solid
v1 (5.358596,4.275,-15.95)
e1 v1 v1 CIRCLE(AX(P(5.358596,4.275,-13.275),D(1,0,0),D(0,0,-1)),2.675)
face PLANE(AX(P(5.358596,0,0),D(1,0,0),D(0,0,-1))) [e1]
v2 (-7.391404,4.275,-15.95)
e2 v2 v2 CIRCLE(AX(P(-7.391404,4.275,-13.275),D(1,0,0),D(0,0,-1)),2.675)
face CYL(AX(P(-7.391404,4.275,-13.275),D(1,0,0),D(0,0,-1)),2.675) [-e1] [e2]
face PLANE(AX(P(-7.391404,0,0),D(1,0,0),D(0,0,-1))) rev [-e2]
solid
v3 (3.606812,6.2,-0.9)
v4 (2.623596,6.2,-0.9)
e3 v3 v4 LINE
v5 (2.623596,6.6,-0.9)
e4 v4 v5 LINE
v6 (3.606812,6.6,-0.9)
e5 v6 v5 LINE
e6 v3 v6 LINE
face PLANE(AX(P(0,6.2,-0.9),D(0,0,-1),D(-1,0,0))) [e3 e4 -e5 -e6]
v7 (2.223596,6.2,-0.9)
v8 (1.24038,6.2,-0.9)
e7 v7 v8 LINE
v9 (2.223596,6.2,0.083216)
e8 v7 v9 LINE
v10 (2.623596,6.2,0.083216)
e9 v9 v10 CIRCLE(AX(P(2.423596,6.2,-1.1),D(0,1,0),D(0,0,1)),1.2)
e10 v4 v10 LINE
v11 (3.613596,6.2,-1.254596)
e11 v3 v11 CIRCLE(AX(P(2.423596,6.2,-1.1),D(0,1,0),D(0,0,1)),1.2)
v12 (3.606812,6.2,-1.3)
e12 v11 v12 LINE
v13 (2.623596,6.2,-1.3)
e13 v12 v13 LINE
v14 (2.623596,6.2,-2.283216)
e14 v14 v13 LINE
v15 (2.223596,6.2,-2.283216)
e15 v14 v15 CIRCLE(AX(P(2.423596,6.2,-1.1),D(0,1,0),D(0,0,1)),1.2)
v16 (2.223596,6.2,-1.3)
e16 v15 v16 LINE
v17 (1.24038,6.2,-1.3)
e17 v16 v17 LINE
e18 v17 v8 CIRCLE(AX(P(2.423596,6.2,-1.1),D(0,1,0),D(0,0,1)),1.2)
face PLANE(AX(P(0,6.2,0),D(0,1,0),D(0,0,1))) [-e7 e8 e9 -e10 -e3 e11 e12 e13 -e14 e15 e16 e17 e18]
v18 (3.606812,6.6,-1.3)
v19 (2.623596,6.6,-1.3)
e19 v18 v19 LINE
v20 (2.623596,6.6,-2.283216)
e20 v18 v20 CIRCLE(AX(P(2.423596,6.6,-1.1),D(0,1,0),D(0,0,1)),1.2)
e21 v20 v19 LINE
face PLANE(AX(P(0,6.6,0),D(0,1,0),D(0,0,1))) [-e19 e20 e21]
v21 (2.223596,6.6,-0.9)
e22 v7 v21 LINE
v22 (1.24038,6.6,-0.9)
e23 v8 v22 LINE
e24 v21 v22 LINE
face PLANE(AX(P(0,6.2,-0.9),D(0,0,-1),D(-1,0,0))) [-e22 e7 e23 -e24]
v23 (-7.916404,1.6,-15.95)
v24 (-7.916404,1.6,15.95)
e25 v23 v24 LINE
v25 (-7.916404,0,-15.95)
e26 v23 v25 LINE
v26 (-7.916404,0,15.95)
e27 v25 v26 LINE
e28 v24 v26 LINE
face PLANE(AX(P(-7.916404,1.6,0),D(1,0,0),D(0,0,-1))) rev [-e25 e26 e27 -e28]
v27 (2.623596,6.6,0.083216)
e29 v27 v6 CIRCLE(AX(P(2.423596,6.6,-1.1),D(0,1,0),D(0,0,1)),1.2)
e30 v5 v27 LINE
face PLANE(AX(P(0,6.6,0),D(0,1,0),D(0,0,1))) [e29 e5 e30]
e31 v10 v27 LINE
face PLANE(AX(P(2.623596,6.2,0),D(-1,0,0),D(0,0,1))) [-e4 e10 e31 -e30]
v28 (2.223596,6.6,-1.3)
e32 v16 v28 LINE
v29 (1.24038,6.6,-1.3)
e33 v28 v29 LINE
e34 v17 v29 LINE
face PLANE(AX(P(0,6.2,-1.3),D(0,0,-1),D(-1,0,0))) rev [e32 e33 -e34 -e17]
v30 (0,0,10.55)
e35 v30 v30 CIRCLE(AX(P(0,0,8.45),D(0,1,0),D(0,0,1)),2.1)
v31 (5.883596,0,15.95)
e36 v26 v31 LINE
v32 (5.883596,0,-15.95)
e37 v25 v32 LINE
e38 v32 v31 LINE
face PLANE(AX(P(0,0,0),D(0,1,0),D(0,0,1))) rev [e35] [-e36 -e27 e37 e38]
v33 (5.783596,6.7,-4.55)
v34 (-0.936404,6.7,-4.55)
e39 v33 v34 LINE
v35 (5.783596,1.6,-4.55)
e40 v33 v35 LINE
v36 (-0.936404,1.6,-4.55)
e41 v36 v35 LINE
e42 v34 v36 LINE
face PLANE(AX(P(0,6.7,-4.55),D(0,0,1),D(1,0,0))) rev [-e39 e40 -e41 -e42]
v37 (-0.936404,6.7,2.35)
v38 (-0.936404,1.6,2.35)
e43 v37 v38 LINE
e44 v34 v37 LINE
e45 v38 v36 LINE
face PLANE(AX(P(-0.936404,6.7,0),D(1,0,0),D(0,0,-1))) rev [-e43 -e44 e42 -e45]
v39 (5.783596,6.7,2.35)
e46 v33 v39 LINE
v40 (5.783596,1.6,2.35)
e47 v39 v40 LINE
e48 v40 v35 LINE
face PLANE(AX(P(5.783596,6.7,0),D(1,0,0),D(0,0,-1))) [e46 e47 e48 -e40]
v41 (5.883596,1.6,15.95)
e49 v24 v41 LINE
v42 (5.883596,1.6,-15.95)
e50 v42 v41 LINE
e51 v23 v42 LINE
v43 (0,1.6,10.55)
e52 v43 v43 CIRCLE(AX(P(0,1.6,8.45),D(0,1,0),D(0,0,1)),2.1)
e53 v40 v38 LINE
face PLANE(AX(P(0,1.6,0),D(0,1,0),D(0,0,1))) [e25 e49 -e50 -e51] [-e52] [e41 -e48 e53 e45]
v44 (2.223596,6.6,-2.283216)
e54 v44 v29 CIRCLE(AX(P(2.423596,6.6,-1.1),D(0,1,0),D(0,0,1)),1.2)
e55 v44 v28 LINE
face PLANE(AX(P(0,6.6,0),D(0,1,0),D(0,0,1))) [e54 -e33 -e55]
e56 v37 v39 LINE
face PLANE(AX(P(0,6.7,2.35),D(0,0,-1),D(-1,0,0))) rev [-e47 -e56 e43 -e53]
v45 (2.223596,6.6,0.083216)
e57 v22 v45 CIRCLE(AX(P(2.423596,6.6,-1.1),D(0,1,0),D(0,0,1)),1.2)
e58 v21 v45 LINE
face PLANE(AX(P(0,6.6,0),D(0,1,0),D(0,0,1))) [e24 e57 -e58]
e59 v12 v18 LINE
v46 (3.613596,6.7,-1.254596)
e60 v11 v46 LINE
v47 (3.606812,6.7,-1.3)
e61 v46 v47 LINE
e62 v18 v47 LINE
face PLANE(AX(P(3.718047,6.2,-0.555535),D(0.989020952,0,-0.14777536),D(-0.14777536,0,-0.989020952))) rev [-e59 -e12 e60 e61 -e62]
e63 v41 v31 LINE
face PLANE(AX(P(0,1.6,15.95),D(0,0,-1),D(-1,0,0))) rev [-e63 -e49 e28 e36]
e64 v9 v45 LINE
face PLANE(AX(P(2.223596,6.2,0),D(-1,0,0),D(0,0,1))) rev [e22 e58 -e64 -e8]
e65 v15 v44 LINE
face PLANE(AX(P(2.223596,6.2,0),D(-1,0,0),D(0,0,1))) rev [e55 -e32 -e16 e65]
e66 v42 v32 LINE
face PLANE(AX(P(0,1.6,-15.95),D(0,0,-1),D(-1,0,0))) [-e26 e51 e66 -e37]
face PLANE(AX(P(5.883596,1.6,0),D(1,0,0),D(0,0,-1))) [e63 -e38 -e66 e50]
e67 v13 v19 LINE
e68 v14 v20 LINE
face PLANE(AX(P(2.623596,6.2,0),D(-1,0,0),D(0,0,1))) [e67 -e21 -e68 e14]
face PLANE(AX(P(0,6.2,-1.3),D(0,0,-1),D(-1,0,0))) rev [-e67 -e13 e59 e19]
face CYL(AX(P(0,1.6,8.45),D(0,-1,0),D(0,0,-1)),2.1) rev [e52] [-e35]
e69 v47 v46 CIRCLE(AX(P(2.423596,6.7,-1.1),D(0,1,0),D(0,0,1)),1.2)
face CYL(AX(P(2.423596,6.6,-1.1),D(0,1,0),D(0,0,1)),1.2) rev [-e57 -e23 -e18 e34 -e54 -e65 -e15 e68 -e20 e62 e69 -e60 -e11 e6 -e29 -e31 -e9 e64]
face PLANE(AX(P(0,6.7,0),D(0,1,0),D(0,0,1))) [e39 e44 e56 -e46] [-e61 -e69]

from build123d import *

# Parameters (mm, degrees)
SKETCH1_W                = 13.8
SKETCH1_H                = 31.9
BOSS_EXTRUDE1_DEPTH      = 1.6
SKETCH1_3_R              = 2.1
CUT_EXTRUDE2_DEPTH       = 18.878253538
BOSS_EXTRUDE2_DEPTH      = 6.7
BOSS_EXTRUDE3_DEPTH      = 6.375
BOSS_EXTRUDE3_DEPTH_BACK = 6.375
CUT_EXTRUDE7_DEPTH       = 0.1
CUT_EXTRUDE8_DEPTH       = 0.5


with BuildPart() as part:
    # Sketch1 → Boss-Extrude1 (new body)
    with BuildSketch(Plane(origin=(0, 0, 0), x_dir=(1, 0, 0), z_dir=(0, 1, 0))):
        with Locations((-1.016403829, 0)):
            Rectangle(SKETCH1_W, SKETCH1_H)
    extrude(amount=BOSS_EXTRUDE1_DEPTH)

    # Sketch1<3> → Cut-Extrude2 (cut, through all)
    with BuildSketch(Plane(origin=(0, 0, 0), x_dir=(1, 0, 0), z_dir=(0, 1, 0))):
        with Locations((0, -8.45)):
            Circle(SKETCH1_3_R)
    extrude(amount=CUT_EXTRUDE2_DEPTH, mode=Mode.SUBTRACT)

    # Sketch1<4> → Boss-Extrude2 (add)
    with BuildSketch(Plane(origin=(0, 0, 0), x_dir=(1, 0, 0), z_dir=(0, 1, 0))):
        Polygon((-0.936403829, 4.55), (-0.936403829, -2.35), (-0.836403829, -2.35), (5.783596171, -2.35), (5.783596171, 4.55), (-0.836403829, 4.55), align=None)
    extrude(amount=BOSS_EXTRUDE2_DEPTH)

    # Sketch5 → Cut-Extrude7 (cut)
    with BuildSketch(Plane(origin=(0, 6.7, 0), x_dir=(1, 0, 0), z_dir=(0, 1, 0))):
        with BuildLine():
            Line((1.240380214, 1.3), (2.223596171, 1.3))
            Line((2.223596171, 1.3), (2.223596171, 2.283215957))
            ThreePointArc((2.223596171, 2.283215957), (1.575068034, 1.948528137), (1.240380214, 1.3))
        make_face()
        with BuildLine():
            Line((2.223596171, 0.9), (1.240380214, 0.9))
            ThreePointArc((1.240380214, 0.9), (1.575068034, 0.251471863), (2.223596171, -0.083215957))
            Line((2.223596171, -0.083215957), (2.223596171, 0.9))
        make_face()
        with BuildLine():
            ThreePointArc((3.606812128, 1.3), (3.272124308, 1.948528137), (2.623596171, 2.283215957))
            Line((2.623596171, 2.283215957), (2.623596171, 1.3))
            Line((2.623596171, 1.3), (3.606812128, 1.3))
        make_face()
        with BuildLine():
            Line((2.623596171, 0.9), (2.623596171, -0.083215957))
            ThreePointArc((2.623596171, -0.083215957), (3.272124308, 0.251471863), (3.606812128, 0.9))
            Line((3.606812128, 0.9), (2.623596171, 0.9))
        make_face()
    extrude(amount=-CUT_EXTRUDE7_DEPTH, mode=Mode.SUBTRACT)

    # Sketch5<3> → Cut-Extrude8 (cut)
    with BuildSketch(Plane(origin=(0, 6.7, 0), x_dir=(1, 0, 0), z_dir=(0, 1, 0))):
        with BuildLine():
            Line((2.223596171, 2.283215957), (2.223596171, 1.3))
            Line((2.223596171, 1.3), (1.240380214, 1.3))
            ThreePointArc((1.240380214, 1.3), (1.223596171, 1.1), (1.240380214, 0.9))
            Line((1.240380214, 0.9), (2.223596171, 0.9))
            Line((2.223596171, 0.9), (2.223596171, -0.083215957))
            ThreePointArc((2.223596171, -0.083215957), (2.423596171, -0.1), (2.623596171, -0.083215957))
            Line((2.623596171, -0.083215957), (2.623596171, 0.9))
            Line((2.623596171, 0.9), (3.606812128, 0.9))
            ThreePointArc((3.606812128, 0.9), (3.619392798, 0.999648488), (3.623596171, 1.1))
            ThreePointArc((3.623596171, 1.1), (3.62109357, 1.177459529), (3.613596207, 1.254595974))
            Line((3.613596207, 1.254595974), (3.606812128, 1.3))
            Line((3.606812128, 1.3), (2.623596171, 1.3))
            Line((2.623596171, 1.3), (2.623596171, 2.283215957))
            ThreePointArc((2.623596171, 2.283215957), (2.423596171, 2.3), (2.223596171, 2.283215957))
        make_face()
    extrude(amount=-CUT_EXTRUDE8_DEPTH, mode=Mode.SUBTRACT)


with BuildPart() as body_2:
    # Sketch3 → Boss-Extrude3 (new, two sides: drawn at the far end of the back side and taken through both)
    with BuildSketch(Plane(origin=(-1.016403829, 0, 0), x_dir=(0, 0, -1), z_dir=(1, 0, 0)).offset(-BOSS_EXTRUDE3_DEPTH_BACK)):
        with BuildLine():
            ThreePointArc((13.275, 6.95), (11.38348936, 2.38348936), (15.95, 4.275))
            ThreePointArc((15.95, 4.275), (15.16651064, 6.16651064), (13.275, 6.95))
        make_face()
    extrude(amount=BOSS_EXTRUDE3_DEPTH + BOSS_EXTRUDE3_DEPTH_BACK)


solid = Compound([part.part, body_2.part])
